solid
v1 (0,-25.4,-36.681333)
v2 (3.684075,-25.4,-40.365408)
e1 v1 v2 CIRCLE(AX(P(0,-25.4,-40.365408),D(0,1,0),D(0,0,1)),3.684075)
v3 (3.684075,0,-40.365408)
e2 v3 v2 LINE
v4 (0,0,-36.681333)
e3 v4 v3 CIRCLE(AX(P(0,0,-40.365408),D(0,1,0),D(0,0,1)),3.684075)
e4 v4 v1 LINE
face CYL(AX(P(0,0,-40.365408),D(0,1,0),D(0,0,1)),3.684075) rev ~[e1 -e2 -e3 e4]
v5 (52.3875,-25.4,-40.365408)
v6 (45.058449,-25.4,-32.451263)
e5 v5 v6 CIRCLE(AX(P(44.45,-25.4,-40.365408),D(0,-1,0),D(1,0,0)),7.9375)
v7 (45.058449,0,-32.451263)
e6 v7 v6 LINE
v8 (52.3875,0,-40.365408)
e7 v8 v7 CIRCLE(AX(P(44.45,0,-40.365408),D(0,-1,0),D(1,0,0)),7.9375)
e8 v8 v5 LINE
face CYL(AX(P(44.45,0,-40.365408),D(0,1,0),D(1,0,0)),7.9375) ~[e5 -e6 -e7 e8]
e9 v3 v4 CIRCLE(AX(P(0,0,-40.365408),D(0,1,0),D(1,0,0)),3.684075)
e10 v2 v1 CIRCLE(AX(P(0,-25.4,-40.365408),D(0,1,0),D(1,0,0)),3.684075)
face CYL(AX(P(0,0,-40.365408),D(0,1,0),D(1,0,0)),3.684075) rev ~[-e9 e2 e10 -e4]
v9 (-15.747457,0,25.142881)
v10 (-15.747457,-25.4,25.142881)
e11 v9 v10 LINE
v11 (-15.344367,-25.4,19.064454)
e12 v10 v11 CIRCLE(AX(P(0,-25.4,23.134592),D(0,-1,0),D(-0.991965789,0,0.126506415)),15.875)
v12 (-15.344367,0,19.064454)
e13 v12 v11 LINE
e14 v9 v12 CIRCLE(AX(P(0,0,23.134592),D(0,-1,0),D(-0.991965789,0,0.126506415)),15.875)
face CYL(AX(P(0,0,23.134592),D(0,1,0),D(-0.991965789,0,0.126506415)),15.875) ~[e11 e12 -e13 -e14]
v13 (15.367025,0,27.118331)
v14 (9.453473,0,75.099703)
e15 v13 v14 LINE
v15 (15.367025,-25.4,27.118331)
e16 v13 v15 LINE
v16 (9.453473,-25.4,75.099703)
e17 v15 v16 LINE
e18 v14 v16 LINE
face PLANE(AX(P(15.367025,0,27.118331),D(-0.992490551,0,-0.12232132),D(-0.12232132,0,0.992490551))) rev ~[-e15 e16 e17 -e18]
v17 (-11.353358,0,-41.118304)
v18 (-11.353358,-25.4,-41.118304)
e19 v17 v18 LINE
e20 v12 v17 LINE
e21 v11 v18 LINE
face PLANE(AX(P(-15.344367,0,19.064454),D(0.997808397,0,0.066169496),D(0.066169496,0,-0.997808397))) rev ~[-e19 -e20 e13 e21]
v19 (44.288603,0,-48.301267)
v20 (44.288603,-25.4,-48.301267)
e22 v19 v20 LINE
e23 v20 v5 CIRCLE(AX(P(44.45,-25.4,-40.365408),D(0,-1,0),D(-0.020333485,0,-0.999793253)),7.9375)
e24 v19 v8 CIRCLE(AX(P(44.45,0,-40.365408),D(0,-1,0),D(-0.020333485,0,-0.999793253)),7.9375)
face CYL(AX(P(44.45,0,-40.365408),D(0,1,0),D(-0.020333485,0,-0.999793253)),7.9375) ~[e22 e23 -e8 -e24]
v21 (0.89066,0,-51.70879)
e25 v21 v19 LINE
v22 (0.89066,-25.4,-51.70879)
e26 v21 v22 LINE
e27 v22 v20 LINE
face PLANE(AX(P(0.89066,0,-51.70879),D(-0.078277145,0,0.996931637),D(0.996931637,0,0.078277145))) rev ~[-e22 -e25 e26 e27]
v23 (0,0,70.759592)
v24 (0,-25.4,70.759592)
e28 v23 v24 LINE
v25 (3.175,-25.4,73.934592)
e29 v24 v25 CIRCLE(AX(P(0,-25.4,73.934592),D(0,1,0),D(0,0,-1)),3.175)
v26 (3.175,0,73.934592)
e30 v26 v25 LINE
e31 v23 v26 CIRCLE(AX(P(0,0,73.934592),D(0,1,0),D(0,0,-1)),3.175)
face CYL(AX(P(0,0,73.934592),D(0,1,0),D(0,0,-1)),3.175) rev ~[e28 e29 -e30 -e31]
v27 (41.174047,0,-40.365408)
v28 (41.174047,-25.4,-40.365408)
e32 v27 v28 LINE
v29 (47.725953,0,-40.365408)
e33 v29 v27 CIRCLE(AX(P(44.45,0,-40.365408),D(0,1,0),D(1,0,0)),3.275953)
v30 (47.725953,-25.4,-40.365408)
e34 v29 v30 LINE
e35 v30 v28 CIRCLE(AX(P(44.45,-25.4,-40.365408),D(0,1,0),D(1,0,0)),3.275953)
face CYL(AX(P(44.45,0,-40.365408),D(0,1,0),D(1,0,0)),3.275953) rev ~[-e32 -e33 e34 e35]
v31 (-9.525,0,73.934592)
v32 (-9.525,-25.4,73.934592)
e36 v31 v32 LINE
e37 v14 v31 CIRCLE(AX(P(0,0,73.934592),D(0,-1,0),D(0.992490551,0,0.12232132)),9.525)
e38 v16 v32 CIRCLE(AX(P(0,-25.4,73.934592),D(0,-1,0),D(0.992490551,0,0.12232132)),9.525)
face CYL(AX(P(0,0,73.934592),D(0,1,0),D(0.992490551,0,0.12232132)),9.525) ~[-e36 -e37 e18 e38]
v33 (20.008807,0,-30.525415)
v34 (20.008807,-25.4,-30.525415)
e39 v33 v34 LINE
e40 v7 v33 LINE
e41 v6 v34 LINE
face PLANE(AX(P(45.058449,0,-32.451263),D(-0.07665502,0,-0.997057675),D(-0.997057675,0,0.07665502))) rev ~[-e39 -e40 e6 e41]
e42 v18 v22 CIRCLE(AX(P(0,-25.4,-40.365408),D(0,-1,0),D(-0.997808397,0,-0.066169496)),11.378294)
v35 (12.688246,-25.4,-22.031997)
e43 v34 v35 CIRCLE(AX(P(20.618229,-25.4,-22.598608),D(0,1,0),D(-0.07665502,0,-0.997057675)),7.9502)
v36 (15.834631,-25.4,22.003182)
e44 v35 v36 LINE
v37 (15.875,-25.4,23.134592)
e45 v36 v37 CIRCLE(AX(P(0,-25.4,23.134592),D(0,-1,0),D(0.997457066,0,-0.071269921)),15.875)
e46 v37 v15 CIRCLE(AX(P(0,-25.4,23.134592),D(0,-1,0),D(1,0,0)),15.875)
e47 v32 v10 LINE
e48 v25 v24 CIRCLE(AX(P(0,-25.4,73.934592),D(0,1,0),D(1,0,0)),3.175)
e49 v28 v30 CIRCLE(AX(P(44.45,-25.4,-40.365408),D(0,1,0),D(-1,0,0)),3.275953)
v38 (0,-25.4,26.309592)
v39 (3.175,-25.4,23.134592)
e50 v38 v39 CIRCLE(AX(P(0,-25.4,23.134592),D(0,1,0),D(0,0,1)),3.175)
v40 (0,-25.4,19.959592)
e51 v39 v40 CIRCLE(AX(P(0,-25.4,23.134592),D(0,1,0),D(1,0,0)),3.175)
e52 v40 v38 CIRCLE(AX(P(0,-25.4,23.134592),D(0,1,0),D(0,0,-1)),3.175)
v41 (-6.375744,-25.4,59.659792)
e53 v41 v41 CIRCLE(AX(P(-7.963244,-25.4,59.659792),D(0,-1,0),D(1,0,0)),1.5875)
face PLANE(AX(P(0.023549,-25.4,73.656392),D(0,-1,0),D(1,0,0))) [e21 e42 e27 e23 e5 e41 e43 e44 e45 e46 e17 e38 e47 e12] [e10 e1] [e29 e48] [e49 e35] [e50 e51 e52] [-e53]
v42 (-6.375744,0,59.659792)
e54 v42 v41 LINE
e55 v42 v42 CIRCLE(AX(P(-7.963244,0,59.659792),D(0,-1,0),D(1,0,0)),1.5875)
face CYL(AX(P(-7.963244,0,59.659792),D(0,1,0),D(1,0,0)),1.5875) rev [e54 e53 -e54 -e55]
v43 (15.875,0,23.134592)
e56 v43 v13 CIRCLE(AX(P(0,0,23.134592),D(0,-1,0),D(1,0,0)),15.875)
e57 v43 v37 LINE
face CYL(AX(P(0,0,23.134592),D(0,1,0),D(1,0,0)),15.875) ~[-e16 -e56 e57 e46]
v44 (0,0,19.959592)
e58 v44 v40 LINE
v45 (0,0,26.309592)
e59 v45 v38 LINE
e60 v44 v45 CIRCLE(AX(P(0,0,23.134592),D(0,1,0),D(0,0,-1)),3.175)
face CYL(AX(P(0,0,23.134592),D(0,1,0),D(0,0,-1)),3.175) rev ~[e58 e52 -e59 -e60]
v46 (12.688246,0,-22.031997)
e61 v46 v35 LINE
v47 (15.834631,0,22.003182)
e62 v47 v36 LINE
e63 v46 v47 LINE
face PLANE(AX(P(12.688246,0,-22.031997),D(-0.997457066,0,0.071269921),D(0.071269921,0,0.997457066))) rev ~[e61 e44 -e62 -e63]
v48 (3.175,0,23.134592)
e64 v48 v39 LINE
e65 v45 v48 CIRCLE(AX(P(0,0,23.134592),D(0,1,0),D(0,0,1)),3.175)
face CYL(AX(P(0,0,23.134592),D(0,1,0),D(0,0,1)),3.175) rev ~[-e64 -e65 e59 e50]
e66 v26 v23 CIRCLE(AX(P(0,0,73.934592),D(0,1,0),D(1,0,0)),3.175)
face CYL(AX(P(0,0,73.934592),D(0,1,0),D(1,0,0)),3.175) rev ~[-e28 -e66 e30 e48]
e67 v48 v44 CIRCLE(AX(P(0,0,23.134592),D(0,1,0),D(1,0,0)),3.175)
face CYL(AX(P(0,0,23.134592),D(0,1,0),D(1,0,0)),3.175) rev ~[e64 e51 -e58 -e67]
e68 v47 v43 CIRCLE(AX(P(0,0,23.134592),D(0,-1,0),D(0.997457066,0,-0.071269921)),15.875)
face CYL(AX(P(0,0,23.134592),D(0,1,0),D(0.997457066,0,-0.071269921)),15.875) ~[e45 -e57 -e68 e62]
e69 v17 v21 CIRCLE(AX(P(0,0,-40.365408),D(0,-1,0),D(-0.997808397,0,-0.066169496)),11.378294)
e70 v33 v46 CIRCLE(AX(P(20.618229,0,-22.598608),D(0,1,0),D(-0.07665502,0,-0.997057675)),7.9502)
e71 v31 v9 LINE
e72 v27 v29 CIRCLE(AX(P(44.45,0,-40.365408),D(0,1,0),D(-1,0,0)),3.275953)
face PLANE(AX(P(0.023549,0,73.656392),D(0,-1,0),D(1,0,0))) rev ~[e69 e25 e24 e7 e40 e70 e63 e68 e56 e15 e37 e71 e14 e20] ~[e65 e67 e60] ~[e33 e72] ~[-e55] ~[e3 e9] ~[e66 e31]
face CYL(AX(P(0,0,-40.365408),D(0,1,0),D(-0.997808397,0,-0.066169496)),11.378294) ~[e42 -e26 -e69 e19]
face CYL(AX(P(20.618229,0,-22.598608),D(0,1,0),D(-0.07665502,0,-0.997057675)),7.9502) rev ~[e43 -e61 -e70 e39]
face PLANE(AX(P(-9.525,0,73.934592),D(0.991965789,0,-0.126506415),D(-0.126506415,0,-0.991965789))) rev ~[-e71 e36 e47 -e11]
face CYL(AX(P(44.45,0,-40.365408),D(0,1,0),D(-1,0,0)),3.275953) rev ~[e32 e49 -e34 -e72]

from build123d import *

# Parameters (mm, degrees)
F0_R     = 1.5875
F1_DEPTH = 25.4


with BuildPart() as f1:
    # F0 (on Front) → F1 (new body)
    with BuildSketch(Plane.XZ):
        with BuildLine():
            ThreePointArc((0, 64.4095919325), (6.7351920908, 67.1993998417), (9.525, 73.9345919325))
            ThreePointArc((9.525, 73.9345919325), (9.5071013085, 74.5182439773), (9.453472502, 75.0997025087))
            ThreePointArc((9.453472502, 75.0997025087), (-0.5836520448, 83.441693241), (-9.525, 73.9345919325))
            ThreePointArc((-9.525, 73.9345919325), (-6.7351920908, 67.1993998417), (0, 64.4095919325))
        make_face()
        with BuildLine():
            ThreePointArc((3.175, 73.9345919325), (2.2450640303, 71.6895279022), (0, 70.7595919325))
            ThreePointArc((0, 70.7595919325), (-2.2450640303, 76.1796559628), (3.175, 73.9345919325))
        make_face(mode=Mode.SUBTRACT)
        with BuildLine():
            ThreePointArc((9.453472502, 75.0997025087), (9.5071013085, 74.5182439773), (9.525, 73.9345919325))
            ThreePointArc((9.525, 73.9345919325), (6.7351920908, 67.1993998417), (0, 64.4095919325))
            Line((0, 64.4095919325), (0, 39.0095919325))
            ThreePointArc((0, 39.0095919325), (9.7152913363, 35.6896203774), (15.3670247656, 27.1183307359))
            Line((15.3670247656, 27.1183307359), (9.453472502, 75.0997025087))
        make_face()
        with BuildLine():
            Line((0, 39.0095919325), (0, 64.4095919325))
            ThreePointArc((0, 64.4095919325), (-6.7351920908, 67.1993998417), (-9.525, 73.9345919325))
            Line((-9.525, 73.9345919325), (-15.7474569047, 25.1428812629))
            ThreePointArc((-15.7474569047, 25.1428812629), (-10.4912828548, 35.0488107092), (0, 39.0095919325))
        make_face()
        with Locations((-7.963244058, 59.6597919325)):
            Circle(F0_R, mode=Mode.SUBTRACT)
        with BuildLine():
            ThreePointArc((15.875, 23.1345919325), (15.7474941364, 25.1425892988), (15.3670247656, 27.1183307359))
            ThreePointArc((15.3670247656, 27.1183307359), (9.7152913363, 35.6896203774), (0, 39.0095919325))
            Line((0, 39.0095919325), (0, 26.3095919325))
            ThreePointArc((0, 26.3095919325), (2.2450640303, 25.3796559628), (3.175, 23.1345919325))
            ThreePointArc((3.175, 23.1345919325), (2.2450640303, 20.8895279022), (0, 19.9595919325))
            Line((0, 19.9595919325), (0, 7.2595919325))
            ThreePointArc((0, 7.2595919325), (10.8179131836, 11.5161419777), (15.8346309214, 22.0031819354))
            ThreePointArc((15.8346309214, 22.0031819354), (15.8649045203, 22.568526953), (15.875, 23.1345919325))
        make_face()
        with BuildLine():
            Line((0, 26.3095919325), (0, 39.0095919325))
            ThreePointArc((0, 39.0095919325), (-10.4912828548, 35.0488107092), (-15.7474569047, 25.1428812629))
            Line((-15.7474569047, 25.1428812629), (-15.3443669943, 19.0644535389))
            ThreePointArc((-15.3443669943, 19.0644535389), (-9.6799322828, 10.5522814929), (0, 7.2595919325))
            Line((0, 7.2595919325), (0, 19.9595919325))
            ThreePointArc((0, 19.9595919325), (-3.175, 23.1345919325), (0, 26.3095919325))
        make_face()
        with BuildLine():
            Line((-15.3443669943, 19.0644535389), (-15.7474569047, 25.1428812629))
            ThreePointArc((-15.7474569047, 25.1428812629), (-15.840208308, 22.0841511874), (-15.3443669943, 19.0644535389))
        make_face()
        with BuildLine():
            ThreePointArc((0, 7.2595919325), (-9.6799322828, 10.5522814929), (-15.3443669943, 19.0644535389))
            Line((-15.3443669943, 19.0644535389), (-11.3533575641, -41.1183040615))
            ThreePointArc((-11.3533575641, -41.1183040615), (-8.3075944932, -32.5904833673), (0, -28.9871138036))
            Line((0, -28.9871138036), (0, 7.2595919325))
        make_face()
        with BuildLine():
            Line((12.6882461171, -22.0319973904), (15.8346309214, 22.0031819354))
            ThreePointArc((15.8346309214, 22.0031819354), (10.8179131836, 11.5161419777), (0, 7.2595919325))
            Line((0, 7.2595919325), (0, -28.9871138036))
            ThreePointArc((0, -28.9871138036), (8.0456690323, -32.3197390351), (11.3782942639, -40.3654080675))
            Line((11.3782942639, -40.3654080675), (36.5125, -40.3654080675))
            ThreePointArc((36.5125, -40.3654080675), (39.0567477079, -34.5416003814), (45.0584492193, -32.4512627695))
            Line((45.0584492193, -32.4512627695), (20.0088065446, -30.5254154474))
            ThreePointArc((20.0088065446, -30.5254154474), (14.5961946705, -27.7890582845), (12.6882461171, -22.0319973904))
        make_face()
        with BuildLine():
            ThreePointArc((0, -28.9871138036), (-8.3075944932, -32.5904833673), (-11.3533575641, -41.1183040615))
            ThreePointArc((-11.3533575641, -41.1183040615), (-7.4435612614, -48.9711605682), (0.8906603429, -51.7087895964))
            ThreePointArc((0.8906603429, -51.7087895964), (8.3546327216, -48.0897651568), (11.3782942639, -40.3654080675))
            Line((11.3782942639, -40.3654080675), (3.6840749284, -40.3654080675))
            ThreePointArc((3.6840749284, -40.3654080675), (-2.6050343642, -42.9704424317), (0, -36.6813331391))
            Line((0, -36.6813331391), (0, -28.9871138036))
        make_face()
        with BuildLine():
            ThreePointArc((11.3782942639, -40.3654080675), (8.3546327216, -48.0897651568), (0.8906603429, -51.7087895964))
            Line((0.8906603429, -51.7087895964), (44.2886029632, -48.3012670157))
            ThreePointArc((44.2886029632, -48.3012670157), (38.7805646124, -45.9207126168), (36.5125, -40.3654080675))
            Line((36.5125, -40.3654080675), (11.3782942639, -40.3654080675))
        make_face()
        with BuildLine():
            ThreePointArc((36.5125, -40.3654080675), (38.7805646124, -45.9207126168), (44.2886029632, -48.3012670157))
            ThreePointArc((44.2886029632, -48.3012670157), (50.0053045493, -46.0348434551), (52.3875, -40.3654080675))
            ThreePointArc((52.3875, -40.3654080675), (50.273807686, -34.9721557754), (45.0584492193, -32.4512627695))
            ThreePointArc((45.0584492193, -32.4512627695), (39.0567477079, -34.5416003814), (36.5125, -40.3654080675))
        make_face()
        with BuildLine():
            ThreePointArc((47.7259531041, -40.3654080675), (44.45, -43.6413611715), (41.1740468959, -40.3654080675))
            ThreePointArc((41.1740468959, -40.3654080675), (44.45, -37.0894549634), (47.7259531041, -40.3654080675))
        make_face(mode=Mode.SUBTRACT)
        with BuildLine():
            ThreePointArc((11.3782942639, -40.3654080675), (8.0456690323, -32.3197390351), (0, -28.9871138036))
            Line((0, -28.9871138036), (0, -36.6813331391))
            ThreePointArc((0, -36.6813331391), (2.6050343642, -37.7603737032), (3.6840749284, -40.3654080675))
            Line((3.6840749284, -40.3654080675), (11.3782942639, -40.3654080675))
        make_face()
    extrude(amount=F1_DEPTH)


solid = f1.part
